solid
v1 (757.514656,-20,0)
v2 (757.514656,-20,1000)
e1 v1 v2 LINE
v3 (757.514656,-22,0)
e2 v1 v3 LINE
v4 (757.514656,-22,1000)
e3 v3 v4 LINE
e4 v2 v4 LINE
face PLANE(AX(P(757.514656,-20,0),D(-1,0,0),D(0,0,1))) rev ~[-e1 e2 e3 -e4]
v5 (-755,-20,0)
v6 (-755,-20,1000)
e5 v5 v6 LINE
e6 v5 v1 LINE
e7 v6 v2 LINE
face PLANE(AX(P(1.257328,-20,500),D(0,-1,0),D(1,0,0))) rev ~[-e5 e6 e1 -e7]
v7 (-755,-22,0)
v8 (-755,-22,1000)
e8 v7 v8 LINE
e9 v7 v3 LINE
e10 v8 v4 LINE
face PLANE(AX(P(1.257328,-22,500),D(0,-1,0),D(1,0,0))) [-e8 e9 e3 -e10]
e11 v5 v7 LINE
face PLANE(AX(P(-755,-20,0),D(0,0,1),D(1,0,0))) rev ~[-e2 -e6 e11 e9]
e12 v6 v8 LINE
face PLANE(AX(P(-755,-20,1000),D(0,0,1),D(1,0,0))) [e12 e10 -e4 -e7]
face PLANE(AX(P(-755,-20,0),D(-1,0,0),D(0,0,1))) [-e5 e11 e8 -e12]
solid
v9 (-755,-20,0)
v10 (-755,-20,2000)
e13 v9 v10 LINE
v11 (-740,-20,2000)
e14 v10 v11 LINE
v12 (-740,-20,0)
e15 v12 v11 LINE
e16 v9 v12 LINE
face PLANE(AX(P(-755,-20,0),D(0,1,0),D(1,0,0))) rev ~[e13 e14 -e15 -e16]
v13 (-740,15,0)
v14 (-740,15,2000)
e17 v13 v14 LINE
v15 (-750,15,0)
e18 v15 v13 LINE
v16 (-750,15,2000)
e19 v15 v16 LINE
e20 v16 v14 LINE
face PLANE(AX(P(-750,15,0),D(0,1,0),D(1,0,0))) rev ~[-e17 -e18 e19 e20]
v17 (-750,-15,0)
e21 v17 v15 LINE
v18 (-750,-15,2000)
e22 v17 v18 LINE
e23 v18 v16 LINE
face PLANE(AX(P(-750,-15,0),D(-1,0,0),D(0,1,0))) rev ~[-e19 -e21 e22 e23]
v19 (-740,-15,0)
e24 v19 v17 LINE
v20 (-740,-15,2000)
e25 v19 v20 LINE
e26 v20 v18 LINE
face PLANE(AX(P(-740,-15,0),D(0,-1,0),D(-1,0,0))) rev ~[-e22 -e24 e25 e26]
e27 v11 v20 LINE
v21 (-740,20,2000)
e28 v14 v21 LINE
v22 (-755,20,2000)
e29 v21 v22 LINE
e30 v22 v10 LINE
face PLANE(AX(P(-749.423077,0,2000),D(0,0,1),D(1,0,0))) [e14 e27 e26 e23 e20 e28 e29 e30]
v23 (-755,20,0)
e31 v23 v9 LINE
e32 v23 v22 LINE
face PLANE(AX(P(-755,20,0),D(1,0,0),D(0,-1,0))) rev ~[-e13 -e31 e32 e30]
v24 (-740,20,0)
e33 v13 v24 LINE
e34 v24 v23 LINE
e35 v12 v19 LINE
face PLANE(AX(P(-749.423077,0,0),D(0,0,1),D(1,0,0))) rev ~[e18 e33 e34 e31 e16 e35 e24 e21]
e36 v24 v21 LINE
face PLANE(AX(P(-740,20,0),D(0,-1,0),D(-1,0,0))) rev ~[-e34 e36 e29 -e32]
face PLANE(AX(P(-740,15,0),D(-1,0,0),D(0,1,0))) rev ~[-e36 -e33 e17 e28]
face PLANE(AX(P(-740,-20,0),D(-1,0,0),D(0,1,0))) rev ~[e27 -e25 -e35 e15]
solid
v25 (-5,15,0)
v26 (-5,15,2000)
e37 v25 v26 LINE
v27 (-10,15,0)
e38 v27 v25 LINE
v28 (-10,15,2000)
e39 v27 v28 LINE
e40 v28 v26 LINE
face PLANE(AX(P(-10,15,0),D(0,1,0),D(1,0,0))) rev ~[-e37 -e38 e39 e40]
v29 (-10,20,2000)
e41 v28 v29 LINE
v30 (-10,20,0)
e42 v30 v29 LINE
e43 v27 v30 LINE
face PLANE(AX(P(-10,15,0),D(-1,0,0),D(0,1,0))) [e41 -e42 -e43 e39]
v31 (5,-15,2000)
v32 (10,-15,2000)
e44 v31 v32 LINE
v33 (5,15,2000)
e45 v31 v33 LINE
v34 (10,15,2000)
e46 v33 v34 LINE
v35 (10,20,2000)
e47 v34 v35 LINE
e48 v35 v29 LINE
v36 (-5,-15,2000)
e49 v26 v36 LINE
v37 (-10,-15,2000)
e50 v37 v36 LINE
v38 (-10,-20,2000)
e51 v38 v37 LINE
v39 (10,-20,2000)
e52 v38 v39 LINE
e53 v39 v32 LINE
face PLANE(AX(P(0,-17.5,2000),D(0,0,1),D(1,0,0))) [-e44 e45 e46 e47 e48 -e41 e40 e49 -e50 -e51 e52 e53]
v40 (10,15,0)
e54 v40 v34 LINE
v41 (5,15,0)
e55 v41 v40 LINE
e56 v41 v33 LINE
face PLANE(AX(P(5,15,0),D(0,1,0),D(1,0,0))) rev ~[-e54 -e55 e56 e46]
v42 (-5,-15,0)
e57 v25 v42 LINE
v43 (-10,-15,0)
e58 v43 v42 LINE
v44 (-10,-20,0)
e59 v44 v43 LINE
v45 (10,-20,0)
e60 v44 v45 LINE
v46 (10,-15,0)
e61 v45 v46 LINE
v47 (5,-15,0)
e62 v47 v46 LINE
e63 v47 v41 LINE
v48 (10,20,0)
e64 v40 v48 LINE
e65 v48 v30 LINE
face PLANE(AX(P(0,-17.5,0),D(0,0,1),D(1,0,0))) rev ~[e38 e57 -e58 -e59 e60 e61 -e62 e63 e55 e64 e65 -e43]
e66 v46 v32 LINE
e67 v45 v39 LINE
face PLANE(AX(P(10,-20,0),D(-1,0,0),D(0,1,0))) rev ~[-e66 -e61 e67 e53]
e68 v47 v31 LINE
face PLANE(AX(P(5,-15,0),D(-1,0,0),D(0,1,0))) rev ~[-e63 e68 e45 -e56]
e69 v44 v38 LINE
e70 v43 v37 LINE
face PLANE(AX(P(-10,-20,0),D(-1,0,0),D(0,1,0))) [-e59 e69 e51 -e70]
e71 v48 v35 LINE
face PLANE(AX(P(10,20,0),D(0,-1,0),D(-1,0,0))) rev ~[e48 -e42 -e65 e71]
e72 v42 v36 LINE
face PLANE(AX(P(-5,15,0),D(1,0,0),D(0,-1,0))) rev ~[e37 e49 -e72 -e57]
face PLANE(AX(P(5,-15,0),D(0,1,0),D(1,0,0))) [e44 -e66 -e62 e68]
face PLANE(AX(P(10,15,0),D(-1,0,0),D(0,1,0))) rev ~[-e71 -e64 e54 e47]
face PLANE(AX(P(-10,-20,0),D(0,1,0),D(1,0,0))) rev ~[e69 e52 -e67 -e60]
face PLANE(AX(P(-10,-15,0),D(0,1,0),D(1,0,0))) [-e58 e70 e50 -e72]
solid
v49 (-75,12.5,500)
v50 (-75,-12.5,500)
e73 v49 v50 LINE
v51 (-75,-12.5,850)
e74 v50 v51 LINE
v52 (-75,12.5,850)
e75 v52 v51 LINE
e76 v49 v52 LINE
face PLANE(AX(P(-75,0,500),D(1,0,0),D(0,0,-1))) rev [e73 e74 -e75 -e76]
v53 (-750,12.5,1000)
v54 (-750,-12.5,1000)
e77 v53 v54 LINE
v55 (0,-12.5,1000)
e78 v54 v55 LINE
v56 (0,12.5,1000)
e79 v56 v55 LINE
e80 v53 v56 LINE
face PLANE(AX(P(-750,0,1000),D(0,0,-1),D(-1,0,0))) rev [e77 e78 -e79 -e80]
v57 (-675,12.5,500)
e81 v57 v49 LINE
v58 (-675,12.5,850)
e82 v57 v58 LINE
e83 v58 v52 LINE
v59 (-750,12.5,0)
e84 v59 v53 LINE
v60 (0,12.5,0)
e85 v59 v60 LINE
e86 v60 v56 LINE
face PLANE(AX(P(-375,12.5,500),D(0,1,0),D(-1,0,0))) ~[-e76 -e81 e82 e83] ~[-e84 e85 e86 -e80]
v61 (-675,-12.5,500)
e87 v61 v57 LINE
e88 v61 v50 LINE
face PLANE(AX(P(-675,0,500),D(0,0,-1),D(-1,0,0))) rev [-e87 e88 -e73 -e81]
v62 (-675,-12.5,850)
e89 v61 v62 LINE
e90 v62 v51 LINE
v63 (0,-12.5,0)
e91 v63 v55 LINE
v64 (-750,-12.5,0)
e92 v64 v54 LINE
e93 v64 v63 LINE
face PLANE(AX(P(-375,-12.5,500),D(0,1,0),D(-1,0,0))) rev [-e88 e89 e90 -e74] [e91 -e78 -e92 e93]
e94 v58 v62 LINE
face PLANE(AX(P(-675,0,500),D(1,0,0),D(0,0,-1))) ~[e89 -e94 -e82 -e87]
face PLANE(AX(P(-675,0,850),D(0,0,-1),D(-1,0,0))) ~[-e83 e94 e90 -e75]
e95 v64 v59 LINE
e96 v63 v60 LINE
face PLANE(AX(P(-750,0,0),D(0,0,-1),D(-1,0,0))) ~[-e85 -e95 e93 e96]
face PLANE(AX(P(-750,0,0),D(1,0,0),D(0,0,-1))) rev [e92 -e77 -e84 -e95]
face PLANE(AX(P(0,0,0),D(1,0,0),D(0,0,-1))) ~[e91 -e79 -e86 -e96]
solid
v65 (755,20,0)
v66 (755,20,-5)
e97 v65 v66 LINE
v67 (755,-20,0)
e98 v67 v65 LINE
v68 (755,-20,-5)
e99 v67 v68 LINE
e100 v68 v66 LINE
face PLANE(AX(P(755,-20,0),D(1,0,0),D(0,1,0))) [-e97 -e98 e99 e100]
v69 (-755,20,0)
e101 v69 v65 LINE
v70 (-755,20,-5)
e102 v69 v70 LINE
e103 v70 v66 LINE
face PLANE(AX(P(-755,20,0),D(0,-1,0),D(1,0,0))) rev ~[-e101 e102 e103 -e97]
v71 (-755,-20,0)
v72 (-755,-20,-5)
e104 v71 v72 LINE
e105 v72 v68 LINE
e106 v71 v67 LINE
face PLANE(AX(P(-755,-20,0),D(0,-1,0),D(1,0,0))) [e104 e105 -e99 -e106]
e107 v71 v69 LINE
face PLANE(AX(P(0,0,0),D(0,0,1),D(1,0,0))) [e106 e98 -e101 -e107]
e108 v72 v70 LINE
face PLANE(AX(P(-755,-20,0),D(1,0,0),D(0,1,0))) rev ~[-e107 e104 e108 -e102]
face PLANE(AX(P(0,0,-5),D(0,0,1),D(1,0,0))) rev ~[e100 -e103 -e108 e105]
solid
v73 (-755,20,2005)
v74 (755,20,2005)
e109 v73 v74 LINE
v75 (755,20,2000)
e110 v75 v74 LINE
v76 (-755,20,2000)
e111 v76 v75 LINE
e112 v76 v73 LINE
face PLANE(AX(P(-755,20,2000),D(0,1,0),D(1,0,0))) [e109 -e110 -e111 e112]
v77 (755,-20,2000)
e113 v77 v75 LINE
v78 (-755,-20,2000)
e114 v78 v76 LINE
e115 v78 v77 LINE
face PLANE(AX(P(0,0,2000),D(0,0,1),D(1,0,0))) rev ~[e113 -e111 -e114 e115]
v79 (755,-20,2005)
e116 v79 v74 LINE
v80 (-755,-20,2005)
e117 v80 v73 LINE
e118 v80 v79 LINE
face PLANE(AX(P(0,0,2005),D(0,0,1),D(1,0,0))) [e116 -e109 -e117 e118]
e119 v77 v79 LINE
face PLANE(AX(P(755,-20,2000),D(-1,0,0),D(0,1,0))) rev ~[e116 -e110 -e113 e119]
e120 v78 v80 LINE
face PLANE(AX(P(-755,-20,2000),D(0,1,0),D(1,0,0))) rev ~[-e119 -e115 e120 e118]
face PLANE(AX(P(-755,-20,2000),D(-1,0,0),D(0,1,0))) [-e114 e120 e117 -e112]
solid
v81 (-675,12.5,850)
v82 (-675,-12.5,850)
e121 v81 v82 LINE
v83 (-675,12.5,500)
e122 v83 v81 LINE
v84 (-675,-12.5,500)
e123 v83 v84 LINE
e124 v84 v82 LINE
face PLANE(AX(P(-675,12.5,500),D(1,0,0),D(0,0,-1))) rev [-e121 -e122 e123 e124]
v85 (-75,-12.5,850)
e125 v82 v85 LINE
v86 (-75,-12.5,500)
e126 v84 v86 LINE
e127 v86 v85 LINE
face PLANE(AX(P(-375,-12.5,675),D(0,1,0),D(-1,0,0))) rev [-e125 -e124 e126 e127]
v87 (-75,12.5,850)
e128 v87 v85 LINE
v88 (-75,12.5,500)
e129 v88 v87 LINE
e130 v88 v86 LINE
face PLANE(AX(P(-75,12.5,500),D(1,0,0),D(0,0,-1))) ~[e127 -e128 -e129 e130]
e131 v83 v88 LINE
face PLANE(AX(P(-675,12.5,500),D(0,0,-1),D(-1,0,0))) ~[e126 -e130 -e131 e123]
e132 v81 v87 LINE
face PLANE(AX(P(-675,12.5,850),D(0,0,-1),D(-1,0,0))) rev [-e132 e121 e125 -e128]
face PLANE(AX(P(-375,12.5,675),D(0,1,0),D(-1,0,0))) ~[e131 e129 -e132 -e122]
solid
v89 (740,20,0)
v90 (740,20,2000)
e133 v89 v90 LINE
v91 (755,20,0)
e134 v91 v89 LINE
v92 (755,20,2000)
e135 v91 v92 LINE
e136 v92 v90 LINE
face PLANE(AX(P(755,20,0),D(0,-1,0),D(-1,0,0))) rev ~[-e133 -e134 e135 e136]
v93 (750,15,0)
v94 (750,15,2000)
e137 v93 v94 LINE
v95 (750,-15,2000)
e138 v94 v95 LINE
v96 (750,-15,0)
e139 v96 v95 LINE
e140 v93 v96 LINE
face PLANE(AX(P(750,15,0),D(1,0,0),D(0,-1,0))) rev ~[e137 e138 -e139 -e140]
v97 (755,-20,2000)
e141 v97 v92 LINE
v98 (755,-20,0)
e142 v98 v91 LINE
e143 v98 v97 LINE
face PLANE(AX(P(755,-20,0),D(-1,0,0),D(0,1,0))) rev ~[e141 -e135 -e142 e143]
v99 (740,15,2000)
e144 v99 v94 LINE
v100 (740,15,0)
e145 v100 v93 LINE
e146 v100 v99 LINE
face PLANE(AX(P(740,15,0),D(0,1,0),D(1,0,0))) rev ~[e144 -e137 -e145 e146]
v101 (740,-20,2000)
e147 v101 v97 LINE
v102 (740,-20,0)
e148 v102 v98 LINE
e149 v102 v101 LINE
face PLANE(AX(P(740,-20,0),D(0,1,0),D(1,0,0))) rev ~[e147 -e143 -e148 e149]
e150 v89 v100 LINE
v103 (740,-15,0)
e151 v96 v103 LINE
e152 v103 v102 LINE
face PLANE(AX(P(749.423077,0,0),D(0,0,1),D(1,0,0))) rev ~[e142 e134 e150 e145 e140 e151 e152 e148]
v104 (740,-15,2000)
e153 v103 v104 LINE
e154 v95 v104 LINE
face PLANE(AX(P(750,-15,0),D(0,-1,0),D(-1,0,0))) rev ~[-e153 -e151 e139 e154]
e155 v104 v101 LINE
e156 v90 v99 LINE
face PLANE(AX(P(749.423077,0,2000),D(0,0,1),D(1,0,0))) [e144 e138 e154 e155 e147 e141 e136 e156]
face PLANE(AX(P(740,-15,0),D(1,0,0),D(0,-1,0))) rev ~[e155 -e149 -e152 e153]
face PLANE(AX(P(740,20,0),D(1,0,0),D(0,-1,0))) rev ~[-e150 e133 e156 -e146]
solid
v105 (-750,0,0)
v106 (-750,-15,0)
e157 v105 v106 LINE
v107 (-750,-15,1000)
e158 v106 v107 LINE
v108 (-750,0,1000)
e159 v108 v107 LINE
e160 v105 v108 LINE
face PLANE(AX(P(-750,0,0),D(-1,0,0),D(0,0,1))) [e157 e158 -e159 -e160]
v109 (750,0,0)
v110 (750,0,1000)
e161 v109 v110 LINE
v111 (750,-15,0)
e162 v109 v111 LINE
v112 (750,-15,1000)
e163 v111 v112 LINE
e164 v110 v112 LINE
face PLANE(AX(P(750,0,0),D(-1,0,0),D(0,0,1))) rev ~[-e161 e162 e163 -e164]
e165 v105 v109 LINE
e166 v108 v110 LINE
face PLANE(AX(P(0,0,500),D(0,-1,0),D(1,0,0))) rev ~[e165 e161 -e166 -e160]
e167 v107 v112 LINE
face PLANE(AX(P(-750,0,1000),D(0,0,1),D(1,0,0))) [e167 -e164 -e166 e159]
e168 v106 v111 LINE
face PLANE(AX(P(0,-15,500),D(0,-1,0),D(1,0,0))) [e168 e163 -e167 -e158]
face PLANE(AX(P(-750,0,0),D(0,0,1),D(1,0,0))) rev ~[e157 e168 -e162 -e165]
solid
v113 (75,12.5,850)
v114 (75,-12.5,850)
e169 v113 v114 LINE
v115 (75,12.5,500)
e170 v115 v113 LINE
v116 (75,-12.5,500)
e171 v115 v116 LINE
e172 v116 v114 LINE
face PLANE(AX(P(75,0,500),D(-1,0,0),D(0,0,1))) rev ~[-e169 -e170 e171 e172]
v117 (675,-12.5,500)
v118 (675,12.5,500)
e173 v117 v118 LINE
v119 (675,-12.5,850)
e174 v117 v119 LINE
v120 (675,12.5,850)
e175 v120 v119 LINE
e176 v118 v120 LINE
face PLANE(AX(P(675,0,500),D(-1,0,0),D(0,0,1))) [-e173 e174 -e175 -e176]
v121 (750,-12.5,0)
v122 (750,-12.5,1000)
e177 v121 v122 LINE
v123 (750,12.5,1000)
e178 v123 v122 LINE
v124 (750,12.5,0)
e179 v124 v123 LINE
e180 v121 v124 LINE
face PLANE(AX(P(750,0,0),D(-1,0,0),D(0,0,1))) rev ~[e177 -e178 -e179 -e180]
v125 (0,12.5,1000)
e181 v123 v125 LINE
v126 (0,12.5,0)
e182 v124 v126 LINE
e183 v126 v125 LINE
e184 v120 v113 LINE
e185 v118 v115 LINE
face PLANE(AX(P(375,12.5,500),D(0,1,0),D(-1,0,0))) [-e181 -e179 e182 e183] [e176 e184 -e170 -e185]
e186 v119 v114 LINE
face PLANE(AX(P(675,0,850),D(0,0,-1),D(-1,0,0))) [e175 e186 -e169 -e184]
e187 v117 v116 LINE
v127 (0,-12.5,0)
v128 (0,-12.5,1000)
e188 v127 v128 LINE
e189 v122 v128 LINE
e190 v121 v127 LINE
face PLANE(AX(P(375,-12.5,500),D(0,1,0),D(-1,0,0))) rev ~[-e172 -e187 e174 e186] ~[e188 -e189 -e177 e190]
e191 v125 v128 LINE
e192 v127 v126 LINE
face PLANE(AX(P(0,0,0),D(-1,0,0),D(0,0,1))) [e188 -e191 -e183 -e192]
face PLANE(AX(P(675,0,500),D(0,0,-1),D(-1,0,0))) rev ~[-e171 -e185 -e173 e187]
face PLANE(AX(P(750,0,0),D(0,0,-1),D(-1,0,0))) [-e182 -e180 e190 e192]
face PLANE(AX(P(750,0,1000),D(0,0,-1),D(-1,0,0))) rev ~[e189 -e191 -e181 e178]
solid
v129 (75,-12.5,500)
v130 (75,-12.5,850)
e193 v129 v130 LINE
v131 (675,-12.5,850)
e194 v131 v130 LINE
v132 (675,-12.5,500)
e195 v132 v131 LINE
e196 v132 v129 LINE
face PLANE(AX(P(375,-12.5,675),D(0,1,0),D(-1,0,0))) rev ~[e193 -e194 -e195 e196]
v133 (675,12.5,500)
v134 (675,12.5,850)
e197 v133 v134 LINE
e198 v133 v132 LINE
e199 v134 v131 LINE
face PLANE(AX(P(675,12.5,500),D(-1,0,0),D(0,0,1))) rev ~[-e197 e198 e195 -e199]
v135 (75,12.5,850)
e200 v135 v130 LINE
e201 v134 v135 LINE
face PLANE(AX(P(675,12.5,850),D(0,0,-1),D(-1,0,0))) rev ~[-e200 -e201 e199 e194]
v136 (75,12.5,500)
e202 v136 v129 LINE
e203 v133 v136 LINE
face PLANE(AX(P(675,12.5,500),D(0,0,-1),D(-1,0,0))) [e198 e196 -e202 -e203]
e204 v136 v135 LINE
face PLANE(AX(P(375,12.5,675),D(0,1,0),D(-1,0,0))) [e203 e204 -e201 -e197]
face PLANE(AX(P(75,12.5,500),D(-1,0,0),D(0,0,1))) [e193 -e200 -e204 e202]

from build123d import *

# Parameters (mm, degrees)
F1_DEPTH  = 2000
F0_W      = 5
F0_H      = 5
F2_W      = 1500
F2_H      = 1000
F3_DEPTH  = 15
F4_DEPTH  = 15
F5_W      = 1510
F5_H      = 40
F6_DEPTH  = 5
F7_W      = 1510
F7_H      = 40
F8_DEPTH  = 5
F10_DEPTH = 15
F11_W     = 1200
F11_H     = 800
F12_DEPTH = 15
F15_W     = 750
F15_H     = 1000
F15_W_2   = 600
F15_H_2   = 350
F16_DEPTH = 12.5
F18_W     = 600
F18_H     = 350
F19_DEPTH = 25
F21_W     = 1512.5146555901
F21_H     = 1000
F22_DEPTH = 2


with BuildPart() as f1:
    # F0 (on Top) → F1 (new body)
    with BuildSketch(Plane.XY):
        Polygon((-750, -15), (-750, 0), (-750, 15), (-740, 15), (-740, 20), (-755, 20), (-755, 0), (-755, -20), (-740, -20), (-740, -15), align=None)
    extrude(amount=F1_DEPTH)


with BuildPart() as f1b:
    # F0 (on Top) → F1, piece 2 (new body)
    with BuildSketch(Plane.XY):
        Polygon((750, -15), (740, -15), (740, -20), (755, -20), (755, 0), (755, 20), (740, 20), (740, 15), (750, 15), (750, 0), align=None)
    extrude(amount=F1_DEPTH)


with BuildPart() as f1c:
    # F0 (on Top) → F1, piece 3 (new body)
    with BuildSketch(Plane.XY):
        Polygon((5, -15), (0, -15), (-5, -15), (-5, -20), (5, -20), align=None)
        Polygon((-5, -15), (0, -15), (0, 0), (0, 15), (-5, 15), (-5, 0), align=None)
        Polygon((0, 0), (0, -15), (5, -15), (5, 0), (5, 15), (0, 15), align=None)
        with Locations((-7.5, -17.5)):
            Rectangle(F0_W, F0_H)
        with Locations((7.5, -17.5)):
            Rectangle(F0_W, F0_H)
        Polygon((-5, 15), (0, 15), (5, 15), (5, 20), (-5, 20), align=None)
        with Locations((-7.5, 17.5)):
            Rectangle(F0_W, F0_H)
        with Locations((7.5, 17.5)):
            Rectangle(F0_W, F0_H)
    extrude(amount=F1_DEPTH)


with BuildPart() as f3:
    # F2 (on Front) → F3 (new body)
    with BuildSketch(Plane.XZ):
        with Locations((0, 500)):
            Rectangle(F2_W, F2_H)
    extrude(amount=F3_DEPTH)


with BuildPart() as f4:
    # F2 (on Front) → F4 (new body)
    with BuildSketch(Plane.XZ):
        with Locations((0, 500)):
            Rectangle(F2_W, F2_H)
    extrude(amount=-F4_DEPTH)

    # F9 (on face) → F10 (cut)
    with BuildSketch(Plane(origin=(0, 15, 0), x_dir=(-1, 0, 0), z_dir=(0, 1, 0))):
        Polygon((-600, 100), (0, 100), (600, 100), (600, 900), (0, 900), (-600, 900), align=None)
    extrude(amount=-F10_DEPTH, mode=Mode.SUBTRACT)


with BuildPart() as f6:
    # F5 (on face) → F6 (new body)
    with BuildSketch(Plane.XY.offset(2000)):
        Rectangle(F5_W, F5_H)
    extrude(amount=F6_DEPTH)


with BuildPart() as f8:
    # F7 (on face) → F8 (new body)
    with BuildSketch(Plane.XY):
        Rectangle(F7_W, F7_H)
    extrude(amount=-F8_DEPTH)


with BuildPart() as f12:
    # F11 (on face) → F12 (new body)
    with BuildSketch(Plane(origin=(0, 15, 0), x_dir=(-1, 0, 0), z_dir=(0, 1, 0))):
        with Locations((0, 500)):
            Rectangle(F11_W, F11_H)
    extrude(amount=-F12_DEPTH)


with BuildPart() as f16:
    # F15 (on face) → F16 (new body, symmetric)
    with BuildSketch(Plane(origin=(0, 0, 0), x_dir=(-1, 0, 0), z_dir=(0, 1, 0))):
        with Locations((-375, 500)):
            Rectangle(F15_W, F15_H)
        with Locations((-375, 675)):
            Rectangle(F15_W_2, F15_H_2, mode=Mode.SUBTRACT)
    extrude(amount=F16_DEPTH, both=True)


with BuildPart() as f17_1:
    # F17: instance of F16
    add(f16.part.mirror(Plane.YZ))


with BuildPart() as f19:
    # F18 (on face) → F19 (new body, through all)
    with BuildSketch(Plane(origin=(0, 12.5, 0), x_dir=(-1, 0, 0), z_dir=(0, 1, 0))):
        with Locations((-375, 675)):
            Rectangle(F18_W, F18_H)
    extrude(amount=-F19_DEPTH)


with BuildPart() as f20_1:
    # F20: instance of F19
    add(f19.part.mirror(Plane.YZ))


with BuildPart() as f22:
    # F21 (on face) → F22 (new body)
    with BuildSketch(Plane.XZ.offset(20)):
        with Locations((1.257327795, 500)):
            Rectangle(F21_W, F21_H)
    extrude(amount=F22_DEPTH)


solid = Compound([f1.part, f1b.part, f1c.part, f3.part, f6.part, f8.part, f16.part, f17_1.part, f19.part, f20_1.part, f22.part])
